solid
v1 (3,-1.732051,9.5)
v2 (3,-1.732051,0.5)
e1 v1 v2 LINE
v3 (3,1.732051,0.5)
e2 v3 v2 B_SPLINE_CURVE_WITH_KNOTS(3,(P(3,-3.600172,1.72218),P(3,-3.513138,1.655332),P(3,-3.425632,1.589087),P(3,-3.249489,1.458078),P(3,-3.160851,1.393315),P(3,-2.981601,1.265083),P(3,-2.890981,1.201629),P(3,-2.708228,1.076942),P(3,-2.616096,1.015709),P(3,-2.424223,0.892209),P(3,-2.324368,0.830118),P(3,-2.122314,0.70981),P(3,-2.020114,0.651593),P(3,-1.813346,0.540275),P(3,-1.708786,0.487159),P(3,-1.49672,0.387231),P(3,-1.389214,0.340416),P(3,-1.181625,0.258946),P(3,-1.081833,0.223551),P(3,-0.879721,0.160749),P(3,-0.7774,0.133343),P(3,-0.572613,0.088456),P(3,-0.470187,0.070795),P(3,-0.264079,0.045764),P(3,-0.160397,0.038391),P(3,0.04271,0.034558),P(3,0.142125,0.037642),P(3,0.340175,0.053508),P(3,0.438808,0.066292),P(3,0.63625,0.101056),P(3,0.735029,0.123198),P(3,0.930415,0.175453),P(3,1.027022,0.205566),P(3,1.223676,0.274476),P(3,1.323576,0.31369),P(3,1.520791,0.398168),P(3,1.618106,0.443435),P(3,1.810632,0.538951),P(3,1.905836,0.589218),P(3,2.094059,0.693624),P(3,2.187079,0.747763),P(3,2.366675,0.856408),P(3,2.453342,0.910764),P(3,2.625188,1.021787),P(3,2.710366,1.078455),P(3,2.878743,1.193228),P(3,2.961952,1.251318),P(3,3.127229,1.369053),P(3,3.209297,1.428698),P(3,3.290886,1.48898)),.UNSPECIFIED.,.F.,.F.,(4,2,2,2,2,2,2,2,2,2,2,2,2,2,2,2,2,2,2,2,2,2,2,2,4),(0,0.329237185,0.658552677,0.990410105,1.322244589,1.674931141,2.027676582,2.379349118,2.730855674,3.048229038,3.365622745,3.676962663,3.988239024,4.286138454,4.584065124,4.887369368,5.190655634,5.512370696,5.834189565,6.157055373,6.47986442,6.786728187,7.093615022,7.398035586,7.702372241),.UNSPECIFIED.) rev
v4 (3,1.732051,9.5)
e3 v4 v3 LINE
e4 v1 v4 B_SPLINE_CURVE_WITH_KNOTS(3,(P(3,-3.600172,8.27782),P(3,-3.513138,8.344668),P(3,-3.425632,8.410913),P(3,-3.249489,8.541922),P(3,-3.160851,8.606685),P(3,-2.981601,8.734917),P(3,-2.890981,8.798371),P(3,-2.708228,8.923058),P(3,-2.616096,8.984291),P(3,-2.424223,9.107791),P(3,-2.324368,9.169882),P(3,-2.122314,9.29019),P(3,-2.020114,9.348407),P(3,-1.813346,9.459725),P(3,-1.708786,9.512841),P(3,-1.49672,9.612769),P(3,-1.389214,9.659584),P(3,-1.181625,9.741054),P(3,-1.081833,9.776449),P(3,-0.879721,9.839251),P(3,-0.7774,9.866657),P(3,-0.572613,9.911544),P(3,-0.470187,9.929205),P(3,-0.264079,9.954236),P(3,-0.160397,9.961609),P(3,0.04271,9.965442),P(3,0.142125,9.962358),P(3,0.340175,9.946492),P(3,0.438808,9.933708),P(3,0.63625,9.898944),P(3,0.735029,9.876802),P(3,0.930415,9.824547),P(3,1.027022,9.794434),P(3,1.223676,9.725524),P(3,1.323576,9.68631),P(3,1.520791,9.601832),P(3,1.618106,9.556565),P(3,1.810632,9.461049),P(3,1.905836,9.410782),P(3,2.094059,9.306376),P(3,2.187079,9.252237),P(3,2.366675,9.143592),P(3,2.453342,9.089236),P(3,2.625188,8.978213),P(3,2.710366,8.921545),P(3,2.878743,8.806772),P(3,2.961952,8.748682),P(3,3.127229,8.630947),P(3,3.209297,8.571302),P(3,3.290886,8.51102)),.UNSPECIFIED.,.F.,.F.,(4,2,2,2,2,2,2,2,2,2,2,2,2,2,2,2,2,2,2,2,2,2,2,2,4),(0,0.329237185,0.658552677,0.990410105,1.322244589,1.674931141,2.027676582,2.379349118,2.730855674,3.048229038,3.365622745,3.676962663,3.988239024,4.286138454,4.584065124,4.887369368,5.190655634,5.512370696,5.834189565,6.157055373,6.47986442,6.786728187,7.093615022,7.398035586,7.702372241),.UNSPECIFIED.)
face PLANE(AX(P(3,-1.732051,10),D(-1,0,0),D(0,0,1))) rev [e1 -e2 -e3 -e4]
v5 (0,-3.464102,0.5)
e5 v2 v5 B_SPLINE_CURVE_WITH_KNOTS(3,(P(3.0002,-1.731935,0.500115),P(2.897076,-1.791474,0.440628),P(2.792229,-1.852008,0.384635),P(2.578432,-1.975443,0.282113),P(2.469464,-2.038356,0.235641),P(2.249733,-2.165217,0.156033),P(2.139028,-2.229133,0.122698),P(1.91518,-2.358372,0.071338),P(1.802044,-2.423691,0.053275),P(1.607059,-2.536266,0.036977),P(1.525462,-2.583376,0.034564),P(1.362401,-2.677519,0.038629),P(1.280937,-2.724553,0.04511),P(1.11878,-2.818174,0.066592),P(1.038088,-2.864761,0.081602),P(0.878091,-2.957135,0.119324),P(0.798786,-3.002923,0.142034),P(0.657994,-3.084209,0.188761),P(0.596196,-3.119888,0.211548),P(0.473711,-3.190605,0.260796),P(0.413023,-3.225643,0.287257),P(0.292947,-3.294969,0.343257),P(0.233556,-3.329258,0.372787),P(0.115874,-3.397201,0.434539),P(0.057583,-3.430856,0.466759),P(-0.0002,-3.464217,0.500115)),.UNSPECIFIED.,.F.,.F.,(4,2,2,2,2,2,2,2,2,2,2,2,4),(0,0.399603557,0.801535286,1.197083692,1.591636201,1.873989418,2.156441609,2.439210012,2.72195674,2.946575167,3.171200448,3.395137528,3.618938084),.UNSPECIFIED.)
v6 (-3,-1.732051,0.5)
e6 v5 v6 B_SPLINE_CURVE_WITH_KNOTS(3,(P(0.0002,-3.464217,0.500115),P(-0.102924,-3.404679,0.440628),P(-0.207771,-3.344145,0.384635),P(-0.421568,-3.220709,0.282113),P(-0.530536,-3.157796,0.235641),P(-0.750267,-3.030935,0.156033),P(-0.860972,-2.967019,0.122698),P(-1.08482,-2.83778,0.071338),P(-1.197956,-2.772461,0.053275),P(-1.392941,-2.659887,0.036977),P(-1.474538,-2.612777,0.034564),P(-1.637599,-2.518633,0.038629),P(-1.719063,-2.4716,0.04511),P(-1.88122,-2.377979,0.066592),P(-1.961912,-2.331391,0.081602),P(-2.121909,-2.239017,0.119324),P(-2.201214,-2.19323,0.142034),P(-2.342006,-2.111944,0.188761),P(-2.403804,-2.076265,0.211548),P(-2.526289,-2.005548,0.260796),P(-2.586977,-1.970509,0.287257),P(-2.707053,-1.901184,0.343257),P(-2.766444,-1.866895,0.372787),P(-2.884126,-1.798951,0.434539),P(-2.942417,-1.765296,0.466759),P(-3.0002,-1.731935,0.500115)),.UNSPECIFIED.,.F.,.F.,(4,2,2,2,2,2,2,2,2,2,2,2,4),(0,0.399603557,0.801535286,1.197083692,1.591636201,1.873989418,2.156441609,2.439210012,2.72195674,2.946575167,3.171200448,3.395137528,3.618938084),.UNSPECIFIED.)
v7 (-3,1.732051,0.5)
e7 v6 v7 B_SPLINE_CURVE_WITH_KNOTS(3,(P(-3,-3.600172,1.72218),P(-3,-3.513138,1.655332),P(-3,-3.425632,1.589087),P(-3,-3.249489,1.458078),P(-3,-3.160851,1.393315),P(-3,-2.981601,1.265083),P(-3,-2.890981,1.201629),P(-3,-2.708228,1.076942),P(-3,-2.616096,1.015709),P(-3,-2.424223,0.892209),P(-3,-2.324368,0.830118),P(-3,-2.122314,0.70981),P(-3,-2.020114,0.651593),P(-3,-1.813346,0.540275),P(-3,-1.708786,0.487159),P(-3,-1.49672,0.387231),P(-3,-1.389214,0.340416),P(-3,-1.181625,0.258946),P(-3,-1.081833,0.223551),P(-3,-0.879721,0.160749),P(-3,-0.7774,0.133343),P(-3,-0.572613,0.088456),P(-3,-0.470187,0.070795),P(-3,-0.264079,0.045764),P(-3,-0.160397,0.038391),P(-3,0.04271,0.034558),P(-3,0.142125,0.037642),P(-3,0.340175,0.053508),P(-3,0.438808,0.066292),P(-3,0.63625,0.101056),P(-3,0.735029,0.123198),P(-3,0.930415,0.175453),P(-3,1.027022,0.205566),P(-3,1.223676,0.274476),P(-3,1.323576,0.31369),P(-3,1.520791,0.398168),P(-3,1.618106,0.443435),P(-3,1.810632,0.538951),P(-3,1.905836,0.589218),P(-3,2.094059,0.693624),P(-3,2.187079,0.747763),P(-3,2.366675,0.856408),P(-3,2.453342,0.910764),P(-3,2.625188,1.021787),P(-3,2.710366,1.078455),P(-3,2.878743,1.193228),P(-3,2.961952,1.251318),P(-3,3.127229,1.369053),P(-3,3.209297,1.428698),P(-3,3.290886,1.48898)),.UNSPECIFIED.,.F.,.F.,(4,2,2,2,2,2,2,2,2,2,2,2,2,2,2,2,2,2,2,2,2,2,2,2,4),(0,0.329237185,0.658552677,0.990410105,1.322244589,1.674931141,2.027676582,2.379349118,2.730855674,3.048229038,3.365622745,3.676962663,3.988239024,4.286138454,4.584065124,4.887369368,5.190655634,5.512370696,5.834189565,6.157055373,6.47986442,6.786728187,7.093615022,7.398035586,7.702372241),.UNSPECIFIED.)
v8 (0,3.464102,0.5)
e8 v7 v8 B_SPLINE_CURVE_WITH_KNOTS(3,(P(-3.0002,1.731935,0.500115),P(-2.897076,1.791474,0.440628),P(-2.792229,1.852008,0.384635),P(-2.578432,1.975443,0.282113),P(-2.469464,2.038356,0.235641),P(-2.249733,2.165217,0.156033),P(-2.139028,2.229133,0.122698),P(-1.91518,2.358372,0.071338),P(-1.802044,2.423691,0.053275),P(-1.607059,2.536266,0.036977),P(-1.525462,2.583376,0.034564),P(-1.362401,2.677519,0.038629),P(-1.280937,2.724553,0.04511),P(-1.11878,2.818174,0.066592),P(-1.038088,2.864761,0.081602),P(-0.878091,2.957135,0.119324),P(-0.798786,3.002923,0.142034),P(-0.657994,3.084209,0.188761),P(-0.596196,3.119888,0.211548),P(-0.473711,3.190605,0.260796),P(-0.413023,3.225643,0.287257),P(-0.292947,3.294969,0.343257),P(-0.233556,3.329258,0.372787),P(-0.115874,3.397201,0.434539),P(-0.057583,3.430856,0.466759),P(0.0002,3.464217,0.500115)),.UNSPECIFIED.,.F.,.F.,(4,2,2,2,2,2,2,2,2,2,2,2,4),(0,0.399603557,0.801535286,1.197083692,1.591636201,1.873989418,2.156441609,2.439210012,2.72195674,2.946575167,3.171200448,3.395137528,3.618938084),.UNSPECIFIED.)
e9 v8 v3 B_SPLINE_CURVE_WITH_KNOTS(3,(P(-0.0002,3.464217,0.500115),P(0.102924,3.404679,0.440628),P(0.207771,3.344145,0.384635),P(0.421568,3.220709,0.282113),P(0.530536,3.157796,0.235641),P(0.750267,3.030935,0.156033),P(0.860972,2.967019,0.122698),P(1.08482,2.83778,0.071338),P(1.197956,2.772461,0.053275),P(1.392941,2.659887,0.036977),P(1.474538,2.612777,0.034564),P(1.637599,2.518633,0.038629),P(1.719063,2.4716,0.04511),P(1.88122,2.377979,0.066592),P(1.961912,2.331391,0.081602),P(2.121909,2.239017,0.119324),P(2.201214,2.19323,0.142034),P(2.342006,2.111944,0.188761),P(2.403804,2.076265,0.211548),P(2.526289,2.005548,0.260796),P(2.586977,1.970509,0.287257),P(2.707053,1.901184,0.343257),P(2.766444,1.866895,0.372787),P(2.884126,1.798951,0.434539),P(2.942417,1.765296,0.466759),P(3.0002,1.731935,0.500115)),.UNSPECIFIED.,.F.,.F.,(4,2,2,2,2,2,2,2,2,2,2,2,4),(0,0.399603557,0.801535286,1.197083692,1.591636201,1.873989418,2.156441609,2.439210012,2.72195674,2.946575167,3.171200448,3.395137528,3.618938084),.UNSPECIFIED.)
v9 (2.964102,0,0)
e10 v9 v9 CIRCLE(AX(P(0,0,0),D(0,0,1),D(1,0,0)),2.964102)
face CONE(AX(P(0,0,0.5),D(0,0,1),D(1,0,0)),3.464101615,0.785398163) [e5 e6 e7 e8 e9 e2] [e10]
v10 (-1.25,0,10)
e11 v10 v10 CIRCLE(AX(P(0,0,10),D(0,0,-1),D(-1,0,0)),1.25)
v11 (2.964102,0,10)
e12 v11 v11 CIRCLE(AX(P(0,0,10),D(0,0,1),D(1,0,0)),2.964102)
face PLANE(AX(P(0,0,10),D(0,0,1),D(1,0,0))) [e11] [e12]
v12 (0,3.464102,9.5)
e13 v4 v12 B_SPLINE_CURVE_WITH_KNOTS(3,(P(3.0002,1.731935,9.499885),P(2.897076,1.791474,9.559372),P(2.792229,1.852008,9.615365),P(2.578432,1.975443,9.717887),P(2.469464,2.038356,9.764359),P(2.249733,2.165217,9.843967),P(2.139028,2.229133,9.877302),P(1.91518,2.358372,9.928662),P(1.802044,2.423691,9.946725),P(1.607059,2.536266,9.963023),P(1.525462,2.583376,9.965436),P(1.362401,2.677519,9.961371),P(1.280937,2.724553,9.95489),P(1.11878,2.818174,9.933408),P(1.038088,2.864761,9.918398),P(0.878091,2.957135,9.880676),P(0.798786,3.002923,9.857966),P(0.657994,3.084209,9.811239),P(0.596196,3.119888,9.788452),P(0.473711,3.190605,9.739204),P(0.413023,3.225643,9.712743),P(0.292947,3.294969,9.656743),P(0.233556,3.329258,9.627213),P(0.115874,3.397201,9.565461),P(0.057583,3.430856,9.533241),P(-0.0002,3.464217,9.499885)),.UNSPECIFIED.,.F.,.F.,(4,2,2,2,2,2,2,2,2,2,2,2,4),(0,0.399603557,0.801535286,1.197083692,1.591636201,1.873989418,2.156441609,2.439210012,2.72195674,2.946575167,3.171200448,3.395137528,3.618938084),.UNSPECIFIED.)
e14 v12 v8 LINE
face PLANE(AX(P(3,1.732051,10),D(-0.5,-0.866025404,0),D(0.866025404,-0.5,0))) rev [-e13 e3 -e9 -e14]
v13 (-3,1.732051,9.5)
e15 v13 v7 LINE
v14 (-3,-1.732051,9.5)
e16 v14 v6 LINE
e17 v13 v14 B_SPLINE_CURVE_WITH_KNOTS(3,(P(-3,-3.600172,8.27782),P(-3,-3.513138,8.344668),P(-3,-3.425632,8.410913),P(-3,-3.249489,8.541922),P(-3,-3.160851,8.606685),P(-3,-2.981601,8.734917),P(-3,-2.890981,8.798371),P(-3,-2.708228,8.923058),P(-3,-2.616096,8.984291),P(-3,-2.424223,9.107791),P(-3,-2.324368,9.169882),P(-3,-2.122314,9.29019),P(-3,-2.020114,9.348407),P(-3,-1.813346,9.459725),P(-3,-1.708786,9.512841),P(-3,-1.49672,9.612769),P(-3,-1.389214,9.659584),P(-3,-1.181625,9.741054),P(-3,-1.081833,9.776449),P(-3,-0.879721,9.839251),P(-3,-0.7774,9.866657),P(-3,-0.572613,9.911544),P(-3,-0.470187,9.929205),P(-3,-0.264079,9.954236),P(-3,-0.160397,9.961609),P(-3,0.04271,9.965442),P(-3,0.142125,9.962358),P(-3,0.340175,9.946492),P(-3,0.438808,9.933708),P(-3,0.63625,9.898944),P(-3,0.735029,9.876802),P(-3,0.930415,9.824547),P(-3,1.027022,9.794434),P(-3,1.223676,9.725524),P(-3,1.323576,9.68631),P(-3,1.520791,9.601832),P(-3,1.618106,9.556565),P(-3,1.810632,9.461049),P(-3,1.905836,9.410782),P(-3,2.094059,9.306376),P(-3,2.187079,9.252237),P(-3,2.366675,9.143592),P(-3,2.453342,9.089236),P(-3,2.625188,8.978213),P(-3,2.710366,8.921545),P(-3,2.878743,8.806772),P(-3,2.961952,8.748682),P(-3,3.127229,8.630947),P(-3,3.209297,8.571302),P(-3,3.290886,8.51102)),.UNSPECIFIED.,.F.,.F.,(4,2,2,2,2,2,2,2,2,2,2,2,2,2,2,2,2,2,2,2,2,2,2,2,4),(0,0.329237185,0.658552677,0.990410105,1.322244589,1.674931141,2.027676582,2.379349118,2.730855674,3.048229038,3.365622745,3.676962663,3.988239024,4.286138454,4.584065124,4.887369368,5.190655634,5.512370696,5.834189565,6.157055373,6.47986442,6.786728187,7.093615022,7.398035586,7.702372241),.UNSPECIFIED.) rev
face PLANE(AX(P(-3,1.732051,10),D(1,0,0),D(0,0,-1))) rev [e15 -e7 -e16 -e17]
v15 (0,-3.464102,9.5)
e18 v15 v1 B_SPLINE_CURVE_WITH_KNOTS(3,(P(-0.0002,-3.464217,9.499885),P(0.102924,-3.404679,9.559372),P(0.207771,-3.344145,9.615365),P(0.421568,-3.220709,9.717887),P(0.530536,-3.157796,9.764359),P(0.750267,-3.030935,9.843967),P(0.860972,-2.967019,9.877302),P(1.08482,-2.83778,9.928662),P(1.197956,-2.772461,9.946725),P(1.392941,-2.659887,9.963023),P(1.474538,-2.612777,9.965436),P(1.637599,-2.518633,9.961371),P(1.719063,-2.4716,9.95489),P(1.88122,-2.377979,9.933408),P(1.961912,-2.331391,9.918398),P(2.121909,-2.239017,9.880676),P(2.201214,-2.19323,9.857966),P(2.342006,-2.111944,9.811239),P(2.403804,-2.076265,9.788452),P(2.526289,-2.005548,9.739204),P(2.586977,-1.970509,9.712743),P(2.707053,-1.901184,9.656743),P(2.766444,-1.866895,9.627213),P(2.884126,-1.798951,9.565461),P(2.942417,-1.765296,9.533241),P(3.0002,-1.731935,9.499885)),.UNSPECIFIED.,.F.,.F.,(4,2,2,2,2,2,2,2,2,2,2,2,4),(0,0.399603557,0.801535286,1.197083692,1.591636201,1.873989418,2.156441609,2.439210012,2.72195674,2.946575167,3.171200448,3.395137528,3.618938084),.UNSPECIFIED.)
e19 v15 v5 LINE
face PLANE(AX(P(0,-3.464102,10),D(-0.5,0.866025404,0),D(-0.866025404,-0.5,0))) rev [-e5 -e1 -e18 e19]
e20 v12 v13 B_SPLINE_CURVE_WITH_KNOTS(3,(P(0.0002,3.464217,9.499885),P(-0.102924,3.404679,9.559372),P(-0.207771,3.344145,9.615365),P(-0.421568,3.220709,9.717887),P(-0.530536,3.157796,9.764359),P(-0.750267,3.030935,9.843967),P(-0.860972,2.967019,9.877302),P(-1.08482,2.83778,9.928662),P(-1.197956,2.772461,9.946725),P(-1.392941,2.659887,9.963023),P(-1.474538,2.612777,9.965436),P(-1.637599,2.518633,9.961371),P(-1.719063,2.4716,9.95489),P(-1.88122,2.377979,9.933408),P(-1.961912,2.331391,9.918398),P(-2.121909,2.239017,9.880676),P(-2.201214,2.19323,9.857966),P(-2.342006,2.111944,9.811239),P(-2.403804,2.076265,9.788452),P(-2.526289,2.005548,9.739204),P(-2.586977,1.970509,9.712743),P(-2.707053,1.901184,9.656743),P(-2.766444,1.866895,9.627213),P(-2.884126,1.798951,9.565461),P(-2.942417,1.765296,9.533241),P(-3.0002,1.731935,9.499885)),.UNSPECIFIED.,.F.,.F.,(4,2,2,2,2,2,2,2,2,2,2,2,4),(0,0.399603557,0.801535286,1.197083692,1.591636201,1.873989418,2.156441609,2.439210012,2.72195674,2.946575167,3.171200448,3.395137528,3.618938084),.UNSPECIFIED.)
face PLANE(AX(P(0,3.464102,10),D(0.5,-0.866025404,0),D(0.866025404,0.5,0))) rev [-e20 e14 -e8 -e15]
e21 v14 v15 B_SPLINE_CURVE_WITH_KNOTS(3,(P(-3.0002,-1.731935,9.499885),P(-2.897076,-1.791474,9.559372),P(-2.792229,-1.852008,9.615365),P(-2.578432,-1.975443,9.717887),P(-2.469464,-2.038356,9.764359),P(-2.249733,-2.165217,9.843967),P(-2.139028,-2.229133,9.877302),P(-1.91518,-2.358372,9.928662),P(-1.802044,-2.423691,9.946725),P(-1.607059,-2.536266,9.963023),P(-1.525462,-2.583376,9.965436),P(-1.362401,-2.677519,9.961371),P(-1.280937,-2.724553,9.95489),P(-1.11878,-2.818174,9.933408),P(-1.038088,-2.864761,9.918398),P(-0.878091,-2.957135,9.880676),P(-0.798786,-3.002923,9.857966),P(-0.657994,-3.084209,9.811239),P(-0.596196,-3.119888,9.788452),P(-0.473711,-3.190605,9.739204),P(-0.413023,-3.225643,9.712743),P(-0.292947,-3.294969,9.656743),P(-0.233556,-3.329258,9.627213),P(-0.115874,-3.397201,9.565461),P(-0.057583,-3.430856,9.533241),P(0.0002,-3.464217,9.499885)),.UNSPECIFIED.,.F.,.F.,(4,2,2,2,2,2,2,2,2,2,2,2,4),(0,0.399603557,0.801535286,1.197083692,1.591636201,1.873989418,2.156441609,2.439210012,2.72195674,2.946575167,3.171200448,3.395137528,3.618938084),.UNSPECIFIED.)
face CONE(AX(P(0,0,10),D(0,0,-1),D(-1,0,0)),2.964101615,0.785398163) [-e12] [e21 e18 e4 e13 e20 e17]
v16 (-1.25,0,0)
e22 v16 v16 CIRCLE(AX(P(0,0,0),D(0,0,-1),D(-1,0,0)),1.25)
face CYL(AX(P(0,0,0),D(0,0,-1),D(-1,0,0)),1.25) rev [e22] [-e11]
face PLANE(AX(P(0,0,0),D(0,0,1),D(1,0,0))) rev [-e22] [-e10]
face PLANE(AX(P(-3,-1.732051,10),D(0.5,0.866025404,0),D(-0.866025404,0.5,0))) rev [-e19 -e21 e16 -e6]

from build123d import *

# Parameters (mm, degrees)
BOSS_EXTRU_1_DEPTH                        = 10
TROU_POUR_TARAUDAGE_POUR_TROU_TARAUD_M3_D = 2.5


with BuildPart() as part:
    # Esquisse1 → Boss.-Extru.1 (new body)
    with BuildSketch(Plane.XY):
        Polygon((0, 3.464101615), (-3, 1.732050808), (-3, -1.732050808), (0, -3.464101615), (3, -1.732050808), (3, 1.732050808), align=None)
    extrude(amount=BOSS_EXTRU_1_DEPTH)

    # Esquisse2 → Enlèvement de matière-Révolution1 (revolve, cut)
    with BuildSketch(Plane(origin=(0, 0, 0), x_dir=(0, 0, -1), z_dir=(1, 0, 0))):
        Polygon((-10, 2.964101615), (-9.5, 3.464101615), (-9.5, 7.964101615), (-14.5, 7.964101615), (-14.5, 2.964101615), align=None)
        Polygon((0, 2.964101615), (4.5, 2.964101615), (4.5, 7.964101615), (-0.5, 7.964101615), (-0.5, 3.464101615), align=None)
    revolve(axis=Axis((0, 0, 1000), (0, 0, -1)), mode=Mode.SUBTRACT)

    # Trou pour taraudage pour trou taraudé M31 (through all)
    with Locations(Plane(origin=(0, 0, 0), x_dir=(-1, 0, 0), z_dir=(0, 0, -1))):
        with Locations((0, 0)):
            Hole(TROU_POUR_TARAUDAGE_POUR_TROU_TARAUD_M3_D / 2)


solid = part.part
